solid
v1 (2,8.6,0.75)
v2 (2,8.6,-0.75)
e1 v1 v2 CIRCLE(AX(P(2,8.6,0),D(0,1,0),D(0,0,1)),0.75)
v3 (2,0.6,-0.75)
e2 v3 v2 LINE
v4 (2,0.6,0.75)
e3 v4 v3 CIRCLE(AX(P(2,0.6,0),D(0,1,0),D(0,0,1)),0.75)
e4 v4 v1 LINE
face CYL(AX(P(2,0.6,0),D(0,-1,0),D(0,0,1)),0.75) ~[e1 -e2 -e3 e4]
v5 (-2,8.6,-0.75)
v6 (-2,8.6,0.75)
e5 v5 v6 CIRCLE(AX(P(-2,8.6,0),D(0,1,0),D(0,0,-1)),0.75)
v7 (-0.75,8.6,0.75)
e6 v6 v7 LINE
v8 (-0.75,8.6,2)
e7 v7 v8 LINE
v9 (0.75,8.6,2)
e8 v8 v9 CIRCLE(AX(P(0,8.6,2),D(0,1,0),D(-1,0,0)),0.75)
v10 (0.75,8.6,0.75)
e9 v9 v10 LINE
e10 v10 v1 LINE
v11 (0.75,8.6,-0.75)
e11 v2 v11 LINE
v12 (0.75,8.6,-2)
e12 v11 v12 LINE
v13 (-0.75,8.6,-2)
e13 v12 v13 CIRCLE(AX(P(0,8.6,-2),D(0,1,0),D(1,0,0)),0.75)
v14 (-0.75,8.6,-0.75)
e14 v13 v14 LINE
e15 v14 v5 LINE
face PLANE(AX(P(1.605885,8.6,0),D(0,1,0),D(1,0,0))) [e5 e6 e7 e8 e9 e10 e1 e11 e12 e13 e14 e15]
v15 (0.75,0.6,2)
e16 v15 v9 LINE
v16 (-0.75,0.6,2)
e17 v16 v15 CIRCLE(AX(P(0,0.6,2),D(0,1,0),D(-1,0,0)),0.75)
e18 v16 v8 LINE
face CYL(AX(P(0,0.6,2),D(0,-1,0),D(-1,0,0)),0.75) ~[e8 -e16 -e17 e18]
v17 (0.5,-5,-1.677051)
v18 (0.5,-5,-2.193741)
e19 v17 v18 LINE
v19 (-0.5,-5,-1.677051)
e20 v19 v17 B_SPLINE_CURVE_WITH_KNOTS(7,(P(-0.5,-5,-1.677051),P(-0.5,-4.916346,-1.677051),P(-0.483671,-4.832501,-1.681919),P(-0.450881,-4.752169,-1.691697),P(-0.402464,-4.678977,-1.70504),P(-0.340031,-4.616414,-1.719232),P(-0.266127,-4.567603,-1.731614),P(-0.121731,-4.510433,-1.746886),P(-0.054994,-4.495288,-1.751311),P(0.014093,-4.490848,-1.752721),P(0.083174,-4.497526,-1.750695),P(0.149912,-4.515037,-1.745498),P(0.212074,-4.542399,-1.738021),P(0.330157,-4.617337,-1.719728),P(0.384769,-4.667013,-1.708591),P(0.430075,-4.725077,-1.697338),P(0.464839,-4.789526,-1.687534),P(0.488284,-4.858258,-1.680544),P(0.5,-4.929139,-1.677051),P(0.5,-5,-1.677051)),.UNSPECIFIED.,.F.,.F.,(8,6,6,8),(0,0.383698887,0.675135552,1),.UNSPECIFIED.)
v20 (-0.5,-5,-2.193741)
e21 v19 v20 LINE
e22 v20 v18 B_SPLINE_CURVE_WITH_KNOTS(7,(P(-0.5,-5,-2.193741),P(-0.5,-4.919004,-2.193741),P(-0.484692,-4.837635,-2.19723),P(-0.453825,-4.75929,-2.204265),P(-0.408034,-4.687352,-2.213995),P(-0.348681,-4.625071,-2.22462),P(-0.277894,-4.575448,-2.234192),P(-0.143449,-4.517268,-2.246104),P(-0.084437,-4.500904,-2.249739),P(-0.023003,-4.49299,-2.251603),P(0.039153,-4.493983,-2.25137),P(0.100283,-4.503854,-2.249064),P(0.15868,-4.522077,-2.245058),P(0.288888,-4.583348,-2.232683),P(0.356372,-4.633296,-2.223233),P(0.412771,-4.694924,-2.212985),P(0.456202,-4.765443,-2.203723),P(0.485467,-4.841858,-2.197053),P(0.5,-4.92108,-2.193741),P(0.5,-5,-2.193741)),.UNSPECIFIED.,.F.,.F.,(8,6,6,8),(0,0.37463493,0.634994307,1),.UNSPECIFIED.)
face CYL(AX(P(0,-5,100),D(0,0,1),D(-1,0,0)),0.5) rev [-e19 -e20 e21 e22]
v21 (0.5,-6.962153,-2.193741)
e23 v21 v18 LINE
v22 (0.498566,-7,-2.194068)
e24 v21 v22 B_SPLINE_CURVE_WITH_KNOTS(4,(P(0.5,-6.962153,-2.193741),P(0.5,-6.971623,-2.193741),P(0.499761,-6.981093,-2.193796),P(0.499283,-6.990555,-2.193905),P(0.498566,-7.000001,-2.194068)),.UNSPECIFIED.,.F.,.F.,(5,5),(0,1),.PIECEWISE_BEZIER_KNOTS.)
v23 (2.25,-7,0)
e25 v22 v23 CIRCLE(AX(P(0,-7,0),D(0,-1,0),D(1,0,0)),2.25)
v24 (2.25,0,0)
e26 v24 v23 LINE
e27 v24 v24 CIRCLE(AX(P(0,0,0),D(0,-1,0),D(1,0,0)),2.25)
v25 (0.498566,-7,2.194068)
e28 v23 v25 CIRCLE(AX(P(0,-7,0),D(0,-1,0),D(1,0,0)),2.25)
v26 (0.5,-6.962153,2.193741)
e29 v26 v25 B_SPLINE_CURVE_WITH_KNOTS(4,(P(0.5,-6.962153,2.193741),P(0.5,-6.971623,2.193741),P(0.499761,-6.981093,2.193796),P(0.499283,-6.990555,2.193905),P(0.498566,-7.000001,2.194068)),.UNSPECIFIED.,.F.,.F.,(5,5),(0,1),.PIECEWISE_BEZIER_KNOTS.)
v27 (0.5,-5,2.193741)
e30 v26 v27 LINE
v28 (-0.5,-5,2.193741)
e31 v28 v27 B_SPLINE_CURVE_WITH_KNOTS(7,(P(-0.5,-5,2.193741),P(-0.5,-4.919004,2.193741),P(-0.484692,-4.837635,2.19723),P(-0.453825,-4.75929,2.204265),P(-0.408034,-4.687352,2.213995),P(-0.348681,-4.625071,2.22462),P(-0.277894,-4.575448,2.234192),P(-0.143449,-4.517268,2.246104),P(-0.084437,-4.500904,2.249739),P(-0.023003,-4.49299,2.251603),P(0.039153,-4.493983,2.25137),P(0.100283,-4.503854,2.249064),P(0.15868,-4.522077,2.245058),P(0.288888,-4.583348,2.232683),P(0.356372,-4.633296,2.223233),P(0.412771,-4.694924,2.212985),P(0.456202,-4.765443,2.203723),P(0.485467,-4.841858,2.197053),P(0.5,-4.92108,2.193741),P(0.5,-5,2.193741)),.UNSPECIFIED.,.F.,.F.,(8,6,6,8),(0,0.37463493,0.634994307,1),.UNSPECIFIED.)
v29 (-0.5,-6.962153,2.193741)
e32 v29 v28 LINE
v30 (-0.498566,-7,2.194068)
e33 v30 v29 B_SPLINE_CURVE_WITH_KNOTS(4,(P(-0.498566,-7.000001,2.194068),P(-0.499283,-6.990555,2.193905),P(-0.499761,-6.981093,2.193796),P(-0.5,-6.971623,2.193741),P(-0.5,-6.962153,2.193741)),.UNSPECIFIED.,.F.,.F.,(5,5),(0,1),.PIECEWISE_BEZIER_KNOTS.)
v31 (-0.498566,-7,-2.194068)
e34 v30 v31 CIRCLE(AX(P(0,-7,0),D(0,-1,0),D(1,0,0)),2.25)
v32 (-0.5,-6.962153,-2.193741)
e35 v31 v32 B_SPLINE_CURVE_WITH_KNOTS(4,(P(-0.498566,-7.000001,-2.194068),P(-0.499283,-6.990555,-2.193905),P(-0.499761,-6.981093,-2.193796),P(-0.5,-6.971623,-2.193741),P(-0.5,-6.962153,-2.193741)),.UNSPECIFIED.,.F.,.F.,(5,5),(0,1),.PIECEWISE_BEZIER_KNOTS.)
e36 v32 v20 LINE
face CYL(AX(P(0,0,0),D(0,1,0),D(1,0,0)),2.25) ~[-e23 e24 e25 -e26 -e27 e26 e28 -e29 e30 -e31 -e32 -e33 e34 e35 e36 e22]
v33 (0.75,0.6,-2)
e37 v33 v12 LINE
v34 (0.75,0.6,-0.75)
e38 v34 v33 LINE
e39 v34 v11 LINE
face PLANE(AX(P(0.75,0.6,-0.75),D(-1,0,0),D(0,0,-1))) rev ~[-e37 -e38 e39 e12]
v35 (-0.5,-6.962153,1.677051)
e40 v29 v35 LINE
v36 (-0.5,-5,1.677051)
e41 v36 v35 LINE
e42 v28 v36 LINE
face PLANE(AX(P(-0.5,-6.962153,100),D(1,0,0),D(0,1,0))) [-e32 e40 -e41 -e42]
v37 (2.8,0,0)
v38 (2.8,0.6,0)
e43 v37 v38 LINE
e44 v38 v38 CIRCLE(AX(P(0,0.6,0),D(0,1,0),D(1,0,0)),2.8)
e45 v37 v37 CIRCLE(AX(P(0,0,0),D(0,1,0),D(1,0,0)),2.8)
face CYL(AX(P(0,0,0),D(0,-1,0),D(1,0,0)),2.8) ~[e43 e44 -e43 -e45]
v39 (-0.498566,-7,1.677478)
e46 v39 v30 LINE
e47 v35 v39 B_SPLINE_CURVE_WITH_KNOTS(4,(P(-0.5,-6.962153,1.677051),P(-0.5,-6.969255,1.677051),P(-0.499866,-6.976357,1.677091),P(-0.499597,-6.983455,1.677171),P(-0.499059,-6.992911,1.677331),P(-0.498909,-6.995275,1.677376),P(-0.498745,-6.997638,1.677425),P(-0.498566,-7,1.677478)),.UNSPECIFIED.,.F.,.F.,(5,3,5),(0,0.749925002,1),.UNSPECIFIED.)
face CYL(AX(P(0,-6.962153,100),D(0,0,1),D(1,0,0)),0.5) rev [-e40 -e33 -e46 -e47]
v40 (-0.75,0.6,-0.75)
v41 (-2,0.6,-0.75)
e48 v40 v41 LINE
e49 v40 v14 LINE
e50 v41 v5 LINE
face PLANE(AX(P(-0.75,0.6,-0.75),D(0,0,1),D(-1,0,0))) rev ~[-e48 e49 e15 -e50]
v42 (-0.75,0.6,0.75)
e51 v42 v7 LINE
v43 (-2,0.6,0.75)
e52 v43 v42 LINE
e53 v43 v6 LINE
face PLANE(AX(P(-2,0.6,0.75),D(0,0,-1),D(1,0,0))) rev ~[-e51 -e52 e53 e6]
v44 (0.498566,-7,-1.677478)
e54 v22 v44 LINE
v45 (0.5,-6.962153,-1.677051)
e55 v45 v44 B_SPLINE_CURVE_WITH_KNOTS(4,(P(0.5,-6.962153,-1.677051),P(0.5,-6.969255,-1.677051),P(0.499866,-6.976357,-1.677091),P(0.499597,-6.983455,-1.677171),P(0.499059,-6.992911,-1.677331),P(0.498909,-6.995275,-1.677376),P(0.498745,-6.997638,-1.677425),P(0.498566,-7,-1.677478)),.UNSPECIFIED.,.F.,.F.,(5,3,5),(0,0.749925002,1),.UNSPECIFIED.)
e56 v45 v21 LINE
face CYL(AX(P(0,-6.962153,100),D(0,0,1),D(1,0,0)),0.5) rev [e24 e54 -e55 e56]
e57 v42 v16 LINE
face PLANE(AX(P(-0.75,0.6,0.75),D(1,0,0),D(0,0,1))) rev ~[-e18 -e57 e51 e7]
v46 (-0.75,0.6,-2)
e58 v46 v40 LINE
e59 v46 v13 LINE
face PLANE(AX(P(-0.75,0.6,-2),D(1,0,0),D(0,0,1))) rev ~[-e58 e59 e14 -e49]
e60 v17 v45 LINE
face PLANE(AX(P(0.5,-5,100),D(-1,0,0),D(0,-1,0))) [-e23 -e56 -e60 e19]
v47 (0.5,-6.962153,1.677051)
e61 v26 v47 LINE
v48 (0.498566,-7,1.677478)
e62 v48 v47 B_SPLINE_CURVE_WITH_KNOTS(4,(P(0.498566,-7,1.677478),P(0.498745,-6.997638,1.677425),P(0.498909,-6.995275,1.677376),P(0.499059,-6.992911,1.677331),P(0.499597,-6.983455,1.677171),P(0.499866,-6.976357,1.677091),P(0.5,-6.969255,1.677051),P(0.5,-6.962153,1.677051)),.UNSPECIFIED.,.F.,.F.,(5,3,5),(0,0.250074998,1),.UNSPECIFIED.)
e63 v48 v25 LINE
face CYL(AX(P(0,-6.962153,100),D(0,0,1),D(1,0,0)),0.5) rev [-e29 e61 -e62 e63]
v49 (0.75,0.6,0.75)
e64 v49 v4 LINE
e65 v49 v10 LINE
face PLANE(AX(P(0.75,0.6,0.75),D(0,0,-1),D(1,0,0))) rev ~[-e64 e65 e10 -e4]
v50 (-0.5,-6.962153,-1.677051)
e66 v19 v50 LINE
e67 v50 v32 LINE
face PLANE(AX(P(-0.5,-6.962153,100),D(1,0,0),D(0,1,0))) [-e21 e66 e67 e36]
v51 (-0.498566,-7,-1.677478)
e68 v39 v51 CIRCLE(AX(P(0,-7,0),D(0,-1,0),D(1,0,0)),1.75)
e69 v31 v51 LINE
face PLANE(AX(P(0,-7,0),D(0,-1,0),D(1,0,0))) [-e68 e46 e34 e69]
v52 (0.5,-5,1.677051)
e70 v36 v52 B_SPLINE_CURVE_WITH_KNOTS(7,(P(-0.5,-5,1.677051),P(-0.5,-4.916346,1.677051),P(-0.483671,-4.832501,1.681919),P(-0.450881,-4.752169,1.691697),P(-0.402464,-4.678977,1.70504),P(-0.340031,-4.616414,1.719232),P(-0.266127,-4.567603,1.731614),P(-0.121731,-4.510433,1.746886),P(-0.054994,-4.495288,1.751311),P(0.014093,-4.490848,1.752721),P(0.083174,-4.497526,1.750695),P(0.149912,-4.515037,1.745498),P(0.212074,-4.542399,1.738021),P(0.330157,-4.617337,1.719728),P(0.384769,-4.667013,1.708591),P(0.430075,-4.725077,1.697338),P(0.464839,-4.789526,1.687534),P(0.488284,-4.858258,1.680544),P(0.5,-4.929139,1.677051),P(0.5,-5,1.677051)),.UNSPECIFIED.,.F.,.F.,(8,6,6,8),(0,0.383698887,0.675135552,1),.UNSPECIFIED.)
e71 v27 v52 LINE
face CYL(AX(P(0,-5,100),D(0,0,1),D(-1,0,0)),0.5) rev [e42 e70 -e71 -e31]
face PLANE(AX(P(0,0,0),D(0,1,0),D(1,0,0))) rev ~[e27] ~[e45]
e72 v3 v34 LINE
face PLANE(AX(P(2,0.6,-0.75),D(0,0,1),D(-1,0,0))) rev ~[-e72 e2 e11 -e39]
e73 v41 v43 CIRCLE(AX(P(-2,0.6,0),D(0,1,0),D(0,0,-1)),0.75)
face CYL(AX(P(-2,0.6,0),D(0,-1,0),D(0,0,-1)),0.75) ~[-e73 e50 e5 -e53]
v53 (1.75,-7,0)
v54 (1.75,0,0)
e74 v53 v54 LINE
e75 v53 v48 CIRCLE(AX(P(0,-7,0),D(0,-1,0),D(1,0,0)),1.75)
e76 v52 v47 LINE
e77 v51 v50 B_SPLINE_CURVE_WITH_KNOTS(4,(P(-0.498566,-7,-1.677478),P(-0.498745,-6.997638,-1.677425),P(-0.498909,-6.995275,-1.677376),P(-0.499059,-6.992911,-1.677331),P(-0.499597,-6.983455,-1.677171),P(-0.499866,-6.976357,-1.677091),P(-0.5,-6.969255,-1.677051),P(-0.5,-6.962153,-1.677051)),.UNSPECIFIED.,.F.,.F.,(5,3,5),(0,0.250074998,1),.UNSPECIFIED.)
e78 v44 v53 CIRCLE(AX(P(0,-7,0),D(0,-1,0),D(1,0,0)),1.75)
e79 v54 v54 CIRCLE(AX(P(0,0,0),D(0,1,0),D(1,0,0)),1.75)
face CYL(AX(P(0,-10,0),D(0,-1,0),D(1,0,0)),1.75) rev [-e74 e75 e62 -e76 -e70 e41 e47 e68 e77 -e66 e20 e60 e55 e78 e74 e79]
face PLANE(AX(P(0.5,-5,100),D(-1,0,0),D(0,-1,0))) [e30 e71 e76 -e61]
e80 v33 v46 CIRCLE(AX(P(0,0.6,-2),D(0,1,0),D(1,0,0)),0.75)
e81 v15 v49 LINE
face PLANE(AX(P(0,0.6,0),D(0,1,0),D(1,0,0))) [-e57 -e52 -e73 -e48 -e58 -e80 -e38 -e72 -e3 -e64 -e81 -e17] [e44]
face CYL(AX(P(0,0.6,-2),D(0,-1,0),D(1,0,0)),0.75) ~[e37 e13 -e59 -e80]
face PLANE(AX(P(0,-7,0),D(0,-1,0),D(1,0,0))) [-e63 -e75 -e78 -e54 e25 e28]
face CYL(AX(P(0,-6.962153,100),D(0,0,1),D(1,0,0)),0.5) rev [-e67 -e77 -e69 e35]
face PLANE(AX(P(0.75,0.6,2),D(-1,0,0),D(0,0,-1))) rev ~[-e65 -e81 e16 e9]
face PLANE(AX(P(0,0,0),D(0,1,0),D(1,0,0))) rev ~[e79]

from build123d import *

# Parameters (mm, degrees)
SKETCH1_R           = 2.8
BOSS_EXTRUDE1_DEPTH = 0.6
SKETCH2_W           = 1.5
SKETCH2_H           = 1.5
BOSS_EXTRUDE2_DEPTH = 8
SKETCH6_R           = 2.25
BOSS_EXTRUDE3_DEPTH = 7
CUT_EXTRUDE1_DEPTH  = 103.8
SKETCH9_R           = 1.75
CUT_EXTRUDE3_DEPTH  = 10


with BuildPart() as part:
    # Sketch1 → Boss-Extrude1 (new body)
    with BuildSketch(Plane(origin=(0, 0, 0), x_dir=(1, 0, 0), z_dir=(0, 1, 0))):
        Circle(SKETCH1_R)
    extrude(amount=BOSS_EXTRUDE1_DEPTH)

    # Sketch2 → Boss-Extrude2 (add)
    with BuildSketch(Plane(origin=(0, 0.6, 0), x_dir=(1, 0, 0), z_dir=(0, 1, 0))):
        with BuildLine():
            Line((0.75, 0.75), (0.75, -0.75))
            Line((0.75, -0.75), (2, -0.75))
            ThreePointArc((2, -0.75), (2.75, 0), (2, 0.75))
            Line((2, 0.75), (0.75, 0.75))
        make_face()
        with BuildLine():
            Line((-0.75, 2), (-0.75, 0.75))
            Line((-0.75, 0.75), (0.75, 0.75))
            Line((0.75, 0.75), (0.75, 2))
            ThreePointArc((0.75, 2), (0, 2.75), (-0.75, 2))
        make_face()
        Rectangle(SKETCH2_W, SKETCH2_H)
        with BuildLine():
            Line((-2, -0.75), (-0.75, -0.75))
            Line((-0.75, -0.75), (-0.75, 0.75))
            Line((-0.75, 0.75), (-2, 0.75))
            ThreePointArc((-2, 0.75), (-2.75, 0), (-2, -0.75))
        make_face()
        with BuildLine():
            Line((-0.75, -0.75), (-0.75, -2))
            ThreePointArc((-0.75, -2), (0, -2.75), (0.75, -2))
            Line((0.75, -2), (0.75, -0.75))
            Line((0.75, -0.75), (-0.75, -0.75))
        make_face()
    extrude(amount=BOSS_EXTRUDE2_DEPTH)

    # Sketch6 → Boss-Extrude3 (add)
    with BuildSketch(Plane.XZ):
        Circle(SKETCH6_R)
    extrude(amount=BOSS_EXTRUDE3_DEPTH)

    # Sketch7 → Cut-Extrude1 (cut, through all)
    with BuildSketch(Plane.XY.offset(100)):
        with BuildLine():
            Line((0.5, -5), (0.5, -6.962153423))
            ThreePointArc((0.5, -6.962153423), (0, -7.462153423), (-0.5, -6.962153423))
            Line((-0.5, -6.962153423), (-0.5, -5))
            ThreePointArc((-0.5, -5), (0, -4.5), (0.5, -5))
        make_face()
    extrude(amount=-CUT_EXTRUDE1_DEPTH, mode=Mode.SUBTRACT)

    # Sketch9 → Cut-Extrude3 (cut)
    with BuildSketch(Plane(origin=(0, -10, 0), x_dir=(1, 0, 0), z_dir=(0, 1, 0))):
        Circle(SKETCH9_R)
    extrude(amount=CUT_EXTRUDE3_DEPTH, mode=Mode.SUBTRACT)


solid = part.part
